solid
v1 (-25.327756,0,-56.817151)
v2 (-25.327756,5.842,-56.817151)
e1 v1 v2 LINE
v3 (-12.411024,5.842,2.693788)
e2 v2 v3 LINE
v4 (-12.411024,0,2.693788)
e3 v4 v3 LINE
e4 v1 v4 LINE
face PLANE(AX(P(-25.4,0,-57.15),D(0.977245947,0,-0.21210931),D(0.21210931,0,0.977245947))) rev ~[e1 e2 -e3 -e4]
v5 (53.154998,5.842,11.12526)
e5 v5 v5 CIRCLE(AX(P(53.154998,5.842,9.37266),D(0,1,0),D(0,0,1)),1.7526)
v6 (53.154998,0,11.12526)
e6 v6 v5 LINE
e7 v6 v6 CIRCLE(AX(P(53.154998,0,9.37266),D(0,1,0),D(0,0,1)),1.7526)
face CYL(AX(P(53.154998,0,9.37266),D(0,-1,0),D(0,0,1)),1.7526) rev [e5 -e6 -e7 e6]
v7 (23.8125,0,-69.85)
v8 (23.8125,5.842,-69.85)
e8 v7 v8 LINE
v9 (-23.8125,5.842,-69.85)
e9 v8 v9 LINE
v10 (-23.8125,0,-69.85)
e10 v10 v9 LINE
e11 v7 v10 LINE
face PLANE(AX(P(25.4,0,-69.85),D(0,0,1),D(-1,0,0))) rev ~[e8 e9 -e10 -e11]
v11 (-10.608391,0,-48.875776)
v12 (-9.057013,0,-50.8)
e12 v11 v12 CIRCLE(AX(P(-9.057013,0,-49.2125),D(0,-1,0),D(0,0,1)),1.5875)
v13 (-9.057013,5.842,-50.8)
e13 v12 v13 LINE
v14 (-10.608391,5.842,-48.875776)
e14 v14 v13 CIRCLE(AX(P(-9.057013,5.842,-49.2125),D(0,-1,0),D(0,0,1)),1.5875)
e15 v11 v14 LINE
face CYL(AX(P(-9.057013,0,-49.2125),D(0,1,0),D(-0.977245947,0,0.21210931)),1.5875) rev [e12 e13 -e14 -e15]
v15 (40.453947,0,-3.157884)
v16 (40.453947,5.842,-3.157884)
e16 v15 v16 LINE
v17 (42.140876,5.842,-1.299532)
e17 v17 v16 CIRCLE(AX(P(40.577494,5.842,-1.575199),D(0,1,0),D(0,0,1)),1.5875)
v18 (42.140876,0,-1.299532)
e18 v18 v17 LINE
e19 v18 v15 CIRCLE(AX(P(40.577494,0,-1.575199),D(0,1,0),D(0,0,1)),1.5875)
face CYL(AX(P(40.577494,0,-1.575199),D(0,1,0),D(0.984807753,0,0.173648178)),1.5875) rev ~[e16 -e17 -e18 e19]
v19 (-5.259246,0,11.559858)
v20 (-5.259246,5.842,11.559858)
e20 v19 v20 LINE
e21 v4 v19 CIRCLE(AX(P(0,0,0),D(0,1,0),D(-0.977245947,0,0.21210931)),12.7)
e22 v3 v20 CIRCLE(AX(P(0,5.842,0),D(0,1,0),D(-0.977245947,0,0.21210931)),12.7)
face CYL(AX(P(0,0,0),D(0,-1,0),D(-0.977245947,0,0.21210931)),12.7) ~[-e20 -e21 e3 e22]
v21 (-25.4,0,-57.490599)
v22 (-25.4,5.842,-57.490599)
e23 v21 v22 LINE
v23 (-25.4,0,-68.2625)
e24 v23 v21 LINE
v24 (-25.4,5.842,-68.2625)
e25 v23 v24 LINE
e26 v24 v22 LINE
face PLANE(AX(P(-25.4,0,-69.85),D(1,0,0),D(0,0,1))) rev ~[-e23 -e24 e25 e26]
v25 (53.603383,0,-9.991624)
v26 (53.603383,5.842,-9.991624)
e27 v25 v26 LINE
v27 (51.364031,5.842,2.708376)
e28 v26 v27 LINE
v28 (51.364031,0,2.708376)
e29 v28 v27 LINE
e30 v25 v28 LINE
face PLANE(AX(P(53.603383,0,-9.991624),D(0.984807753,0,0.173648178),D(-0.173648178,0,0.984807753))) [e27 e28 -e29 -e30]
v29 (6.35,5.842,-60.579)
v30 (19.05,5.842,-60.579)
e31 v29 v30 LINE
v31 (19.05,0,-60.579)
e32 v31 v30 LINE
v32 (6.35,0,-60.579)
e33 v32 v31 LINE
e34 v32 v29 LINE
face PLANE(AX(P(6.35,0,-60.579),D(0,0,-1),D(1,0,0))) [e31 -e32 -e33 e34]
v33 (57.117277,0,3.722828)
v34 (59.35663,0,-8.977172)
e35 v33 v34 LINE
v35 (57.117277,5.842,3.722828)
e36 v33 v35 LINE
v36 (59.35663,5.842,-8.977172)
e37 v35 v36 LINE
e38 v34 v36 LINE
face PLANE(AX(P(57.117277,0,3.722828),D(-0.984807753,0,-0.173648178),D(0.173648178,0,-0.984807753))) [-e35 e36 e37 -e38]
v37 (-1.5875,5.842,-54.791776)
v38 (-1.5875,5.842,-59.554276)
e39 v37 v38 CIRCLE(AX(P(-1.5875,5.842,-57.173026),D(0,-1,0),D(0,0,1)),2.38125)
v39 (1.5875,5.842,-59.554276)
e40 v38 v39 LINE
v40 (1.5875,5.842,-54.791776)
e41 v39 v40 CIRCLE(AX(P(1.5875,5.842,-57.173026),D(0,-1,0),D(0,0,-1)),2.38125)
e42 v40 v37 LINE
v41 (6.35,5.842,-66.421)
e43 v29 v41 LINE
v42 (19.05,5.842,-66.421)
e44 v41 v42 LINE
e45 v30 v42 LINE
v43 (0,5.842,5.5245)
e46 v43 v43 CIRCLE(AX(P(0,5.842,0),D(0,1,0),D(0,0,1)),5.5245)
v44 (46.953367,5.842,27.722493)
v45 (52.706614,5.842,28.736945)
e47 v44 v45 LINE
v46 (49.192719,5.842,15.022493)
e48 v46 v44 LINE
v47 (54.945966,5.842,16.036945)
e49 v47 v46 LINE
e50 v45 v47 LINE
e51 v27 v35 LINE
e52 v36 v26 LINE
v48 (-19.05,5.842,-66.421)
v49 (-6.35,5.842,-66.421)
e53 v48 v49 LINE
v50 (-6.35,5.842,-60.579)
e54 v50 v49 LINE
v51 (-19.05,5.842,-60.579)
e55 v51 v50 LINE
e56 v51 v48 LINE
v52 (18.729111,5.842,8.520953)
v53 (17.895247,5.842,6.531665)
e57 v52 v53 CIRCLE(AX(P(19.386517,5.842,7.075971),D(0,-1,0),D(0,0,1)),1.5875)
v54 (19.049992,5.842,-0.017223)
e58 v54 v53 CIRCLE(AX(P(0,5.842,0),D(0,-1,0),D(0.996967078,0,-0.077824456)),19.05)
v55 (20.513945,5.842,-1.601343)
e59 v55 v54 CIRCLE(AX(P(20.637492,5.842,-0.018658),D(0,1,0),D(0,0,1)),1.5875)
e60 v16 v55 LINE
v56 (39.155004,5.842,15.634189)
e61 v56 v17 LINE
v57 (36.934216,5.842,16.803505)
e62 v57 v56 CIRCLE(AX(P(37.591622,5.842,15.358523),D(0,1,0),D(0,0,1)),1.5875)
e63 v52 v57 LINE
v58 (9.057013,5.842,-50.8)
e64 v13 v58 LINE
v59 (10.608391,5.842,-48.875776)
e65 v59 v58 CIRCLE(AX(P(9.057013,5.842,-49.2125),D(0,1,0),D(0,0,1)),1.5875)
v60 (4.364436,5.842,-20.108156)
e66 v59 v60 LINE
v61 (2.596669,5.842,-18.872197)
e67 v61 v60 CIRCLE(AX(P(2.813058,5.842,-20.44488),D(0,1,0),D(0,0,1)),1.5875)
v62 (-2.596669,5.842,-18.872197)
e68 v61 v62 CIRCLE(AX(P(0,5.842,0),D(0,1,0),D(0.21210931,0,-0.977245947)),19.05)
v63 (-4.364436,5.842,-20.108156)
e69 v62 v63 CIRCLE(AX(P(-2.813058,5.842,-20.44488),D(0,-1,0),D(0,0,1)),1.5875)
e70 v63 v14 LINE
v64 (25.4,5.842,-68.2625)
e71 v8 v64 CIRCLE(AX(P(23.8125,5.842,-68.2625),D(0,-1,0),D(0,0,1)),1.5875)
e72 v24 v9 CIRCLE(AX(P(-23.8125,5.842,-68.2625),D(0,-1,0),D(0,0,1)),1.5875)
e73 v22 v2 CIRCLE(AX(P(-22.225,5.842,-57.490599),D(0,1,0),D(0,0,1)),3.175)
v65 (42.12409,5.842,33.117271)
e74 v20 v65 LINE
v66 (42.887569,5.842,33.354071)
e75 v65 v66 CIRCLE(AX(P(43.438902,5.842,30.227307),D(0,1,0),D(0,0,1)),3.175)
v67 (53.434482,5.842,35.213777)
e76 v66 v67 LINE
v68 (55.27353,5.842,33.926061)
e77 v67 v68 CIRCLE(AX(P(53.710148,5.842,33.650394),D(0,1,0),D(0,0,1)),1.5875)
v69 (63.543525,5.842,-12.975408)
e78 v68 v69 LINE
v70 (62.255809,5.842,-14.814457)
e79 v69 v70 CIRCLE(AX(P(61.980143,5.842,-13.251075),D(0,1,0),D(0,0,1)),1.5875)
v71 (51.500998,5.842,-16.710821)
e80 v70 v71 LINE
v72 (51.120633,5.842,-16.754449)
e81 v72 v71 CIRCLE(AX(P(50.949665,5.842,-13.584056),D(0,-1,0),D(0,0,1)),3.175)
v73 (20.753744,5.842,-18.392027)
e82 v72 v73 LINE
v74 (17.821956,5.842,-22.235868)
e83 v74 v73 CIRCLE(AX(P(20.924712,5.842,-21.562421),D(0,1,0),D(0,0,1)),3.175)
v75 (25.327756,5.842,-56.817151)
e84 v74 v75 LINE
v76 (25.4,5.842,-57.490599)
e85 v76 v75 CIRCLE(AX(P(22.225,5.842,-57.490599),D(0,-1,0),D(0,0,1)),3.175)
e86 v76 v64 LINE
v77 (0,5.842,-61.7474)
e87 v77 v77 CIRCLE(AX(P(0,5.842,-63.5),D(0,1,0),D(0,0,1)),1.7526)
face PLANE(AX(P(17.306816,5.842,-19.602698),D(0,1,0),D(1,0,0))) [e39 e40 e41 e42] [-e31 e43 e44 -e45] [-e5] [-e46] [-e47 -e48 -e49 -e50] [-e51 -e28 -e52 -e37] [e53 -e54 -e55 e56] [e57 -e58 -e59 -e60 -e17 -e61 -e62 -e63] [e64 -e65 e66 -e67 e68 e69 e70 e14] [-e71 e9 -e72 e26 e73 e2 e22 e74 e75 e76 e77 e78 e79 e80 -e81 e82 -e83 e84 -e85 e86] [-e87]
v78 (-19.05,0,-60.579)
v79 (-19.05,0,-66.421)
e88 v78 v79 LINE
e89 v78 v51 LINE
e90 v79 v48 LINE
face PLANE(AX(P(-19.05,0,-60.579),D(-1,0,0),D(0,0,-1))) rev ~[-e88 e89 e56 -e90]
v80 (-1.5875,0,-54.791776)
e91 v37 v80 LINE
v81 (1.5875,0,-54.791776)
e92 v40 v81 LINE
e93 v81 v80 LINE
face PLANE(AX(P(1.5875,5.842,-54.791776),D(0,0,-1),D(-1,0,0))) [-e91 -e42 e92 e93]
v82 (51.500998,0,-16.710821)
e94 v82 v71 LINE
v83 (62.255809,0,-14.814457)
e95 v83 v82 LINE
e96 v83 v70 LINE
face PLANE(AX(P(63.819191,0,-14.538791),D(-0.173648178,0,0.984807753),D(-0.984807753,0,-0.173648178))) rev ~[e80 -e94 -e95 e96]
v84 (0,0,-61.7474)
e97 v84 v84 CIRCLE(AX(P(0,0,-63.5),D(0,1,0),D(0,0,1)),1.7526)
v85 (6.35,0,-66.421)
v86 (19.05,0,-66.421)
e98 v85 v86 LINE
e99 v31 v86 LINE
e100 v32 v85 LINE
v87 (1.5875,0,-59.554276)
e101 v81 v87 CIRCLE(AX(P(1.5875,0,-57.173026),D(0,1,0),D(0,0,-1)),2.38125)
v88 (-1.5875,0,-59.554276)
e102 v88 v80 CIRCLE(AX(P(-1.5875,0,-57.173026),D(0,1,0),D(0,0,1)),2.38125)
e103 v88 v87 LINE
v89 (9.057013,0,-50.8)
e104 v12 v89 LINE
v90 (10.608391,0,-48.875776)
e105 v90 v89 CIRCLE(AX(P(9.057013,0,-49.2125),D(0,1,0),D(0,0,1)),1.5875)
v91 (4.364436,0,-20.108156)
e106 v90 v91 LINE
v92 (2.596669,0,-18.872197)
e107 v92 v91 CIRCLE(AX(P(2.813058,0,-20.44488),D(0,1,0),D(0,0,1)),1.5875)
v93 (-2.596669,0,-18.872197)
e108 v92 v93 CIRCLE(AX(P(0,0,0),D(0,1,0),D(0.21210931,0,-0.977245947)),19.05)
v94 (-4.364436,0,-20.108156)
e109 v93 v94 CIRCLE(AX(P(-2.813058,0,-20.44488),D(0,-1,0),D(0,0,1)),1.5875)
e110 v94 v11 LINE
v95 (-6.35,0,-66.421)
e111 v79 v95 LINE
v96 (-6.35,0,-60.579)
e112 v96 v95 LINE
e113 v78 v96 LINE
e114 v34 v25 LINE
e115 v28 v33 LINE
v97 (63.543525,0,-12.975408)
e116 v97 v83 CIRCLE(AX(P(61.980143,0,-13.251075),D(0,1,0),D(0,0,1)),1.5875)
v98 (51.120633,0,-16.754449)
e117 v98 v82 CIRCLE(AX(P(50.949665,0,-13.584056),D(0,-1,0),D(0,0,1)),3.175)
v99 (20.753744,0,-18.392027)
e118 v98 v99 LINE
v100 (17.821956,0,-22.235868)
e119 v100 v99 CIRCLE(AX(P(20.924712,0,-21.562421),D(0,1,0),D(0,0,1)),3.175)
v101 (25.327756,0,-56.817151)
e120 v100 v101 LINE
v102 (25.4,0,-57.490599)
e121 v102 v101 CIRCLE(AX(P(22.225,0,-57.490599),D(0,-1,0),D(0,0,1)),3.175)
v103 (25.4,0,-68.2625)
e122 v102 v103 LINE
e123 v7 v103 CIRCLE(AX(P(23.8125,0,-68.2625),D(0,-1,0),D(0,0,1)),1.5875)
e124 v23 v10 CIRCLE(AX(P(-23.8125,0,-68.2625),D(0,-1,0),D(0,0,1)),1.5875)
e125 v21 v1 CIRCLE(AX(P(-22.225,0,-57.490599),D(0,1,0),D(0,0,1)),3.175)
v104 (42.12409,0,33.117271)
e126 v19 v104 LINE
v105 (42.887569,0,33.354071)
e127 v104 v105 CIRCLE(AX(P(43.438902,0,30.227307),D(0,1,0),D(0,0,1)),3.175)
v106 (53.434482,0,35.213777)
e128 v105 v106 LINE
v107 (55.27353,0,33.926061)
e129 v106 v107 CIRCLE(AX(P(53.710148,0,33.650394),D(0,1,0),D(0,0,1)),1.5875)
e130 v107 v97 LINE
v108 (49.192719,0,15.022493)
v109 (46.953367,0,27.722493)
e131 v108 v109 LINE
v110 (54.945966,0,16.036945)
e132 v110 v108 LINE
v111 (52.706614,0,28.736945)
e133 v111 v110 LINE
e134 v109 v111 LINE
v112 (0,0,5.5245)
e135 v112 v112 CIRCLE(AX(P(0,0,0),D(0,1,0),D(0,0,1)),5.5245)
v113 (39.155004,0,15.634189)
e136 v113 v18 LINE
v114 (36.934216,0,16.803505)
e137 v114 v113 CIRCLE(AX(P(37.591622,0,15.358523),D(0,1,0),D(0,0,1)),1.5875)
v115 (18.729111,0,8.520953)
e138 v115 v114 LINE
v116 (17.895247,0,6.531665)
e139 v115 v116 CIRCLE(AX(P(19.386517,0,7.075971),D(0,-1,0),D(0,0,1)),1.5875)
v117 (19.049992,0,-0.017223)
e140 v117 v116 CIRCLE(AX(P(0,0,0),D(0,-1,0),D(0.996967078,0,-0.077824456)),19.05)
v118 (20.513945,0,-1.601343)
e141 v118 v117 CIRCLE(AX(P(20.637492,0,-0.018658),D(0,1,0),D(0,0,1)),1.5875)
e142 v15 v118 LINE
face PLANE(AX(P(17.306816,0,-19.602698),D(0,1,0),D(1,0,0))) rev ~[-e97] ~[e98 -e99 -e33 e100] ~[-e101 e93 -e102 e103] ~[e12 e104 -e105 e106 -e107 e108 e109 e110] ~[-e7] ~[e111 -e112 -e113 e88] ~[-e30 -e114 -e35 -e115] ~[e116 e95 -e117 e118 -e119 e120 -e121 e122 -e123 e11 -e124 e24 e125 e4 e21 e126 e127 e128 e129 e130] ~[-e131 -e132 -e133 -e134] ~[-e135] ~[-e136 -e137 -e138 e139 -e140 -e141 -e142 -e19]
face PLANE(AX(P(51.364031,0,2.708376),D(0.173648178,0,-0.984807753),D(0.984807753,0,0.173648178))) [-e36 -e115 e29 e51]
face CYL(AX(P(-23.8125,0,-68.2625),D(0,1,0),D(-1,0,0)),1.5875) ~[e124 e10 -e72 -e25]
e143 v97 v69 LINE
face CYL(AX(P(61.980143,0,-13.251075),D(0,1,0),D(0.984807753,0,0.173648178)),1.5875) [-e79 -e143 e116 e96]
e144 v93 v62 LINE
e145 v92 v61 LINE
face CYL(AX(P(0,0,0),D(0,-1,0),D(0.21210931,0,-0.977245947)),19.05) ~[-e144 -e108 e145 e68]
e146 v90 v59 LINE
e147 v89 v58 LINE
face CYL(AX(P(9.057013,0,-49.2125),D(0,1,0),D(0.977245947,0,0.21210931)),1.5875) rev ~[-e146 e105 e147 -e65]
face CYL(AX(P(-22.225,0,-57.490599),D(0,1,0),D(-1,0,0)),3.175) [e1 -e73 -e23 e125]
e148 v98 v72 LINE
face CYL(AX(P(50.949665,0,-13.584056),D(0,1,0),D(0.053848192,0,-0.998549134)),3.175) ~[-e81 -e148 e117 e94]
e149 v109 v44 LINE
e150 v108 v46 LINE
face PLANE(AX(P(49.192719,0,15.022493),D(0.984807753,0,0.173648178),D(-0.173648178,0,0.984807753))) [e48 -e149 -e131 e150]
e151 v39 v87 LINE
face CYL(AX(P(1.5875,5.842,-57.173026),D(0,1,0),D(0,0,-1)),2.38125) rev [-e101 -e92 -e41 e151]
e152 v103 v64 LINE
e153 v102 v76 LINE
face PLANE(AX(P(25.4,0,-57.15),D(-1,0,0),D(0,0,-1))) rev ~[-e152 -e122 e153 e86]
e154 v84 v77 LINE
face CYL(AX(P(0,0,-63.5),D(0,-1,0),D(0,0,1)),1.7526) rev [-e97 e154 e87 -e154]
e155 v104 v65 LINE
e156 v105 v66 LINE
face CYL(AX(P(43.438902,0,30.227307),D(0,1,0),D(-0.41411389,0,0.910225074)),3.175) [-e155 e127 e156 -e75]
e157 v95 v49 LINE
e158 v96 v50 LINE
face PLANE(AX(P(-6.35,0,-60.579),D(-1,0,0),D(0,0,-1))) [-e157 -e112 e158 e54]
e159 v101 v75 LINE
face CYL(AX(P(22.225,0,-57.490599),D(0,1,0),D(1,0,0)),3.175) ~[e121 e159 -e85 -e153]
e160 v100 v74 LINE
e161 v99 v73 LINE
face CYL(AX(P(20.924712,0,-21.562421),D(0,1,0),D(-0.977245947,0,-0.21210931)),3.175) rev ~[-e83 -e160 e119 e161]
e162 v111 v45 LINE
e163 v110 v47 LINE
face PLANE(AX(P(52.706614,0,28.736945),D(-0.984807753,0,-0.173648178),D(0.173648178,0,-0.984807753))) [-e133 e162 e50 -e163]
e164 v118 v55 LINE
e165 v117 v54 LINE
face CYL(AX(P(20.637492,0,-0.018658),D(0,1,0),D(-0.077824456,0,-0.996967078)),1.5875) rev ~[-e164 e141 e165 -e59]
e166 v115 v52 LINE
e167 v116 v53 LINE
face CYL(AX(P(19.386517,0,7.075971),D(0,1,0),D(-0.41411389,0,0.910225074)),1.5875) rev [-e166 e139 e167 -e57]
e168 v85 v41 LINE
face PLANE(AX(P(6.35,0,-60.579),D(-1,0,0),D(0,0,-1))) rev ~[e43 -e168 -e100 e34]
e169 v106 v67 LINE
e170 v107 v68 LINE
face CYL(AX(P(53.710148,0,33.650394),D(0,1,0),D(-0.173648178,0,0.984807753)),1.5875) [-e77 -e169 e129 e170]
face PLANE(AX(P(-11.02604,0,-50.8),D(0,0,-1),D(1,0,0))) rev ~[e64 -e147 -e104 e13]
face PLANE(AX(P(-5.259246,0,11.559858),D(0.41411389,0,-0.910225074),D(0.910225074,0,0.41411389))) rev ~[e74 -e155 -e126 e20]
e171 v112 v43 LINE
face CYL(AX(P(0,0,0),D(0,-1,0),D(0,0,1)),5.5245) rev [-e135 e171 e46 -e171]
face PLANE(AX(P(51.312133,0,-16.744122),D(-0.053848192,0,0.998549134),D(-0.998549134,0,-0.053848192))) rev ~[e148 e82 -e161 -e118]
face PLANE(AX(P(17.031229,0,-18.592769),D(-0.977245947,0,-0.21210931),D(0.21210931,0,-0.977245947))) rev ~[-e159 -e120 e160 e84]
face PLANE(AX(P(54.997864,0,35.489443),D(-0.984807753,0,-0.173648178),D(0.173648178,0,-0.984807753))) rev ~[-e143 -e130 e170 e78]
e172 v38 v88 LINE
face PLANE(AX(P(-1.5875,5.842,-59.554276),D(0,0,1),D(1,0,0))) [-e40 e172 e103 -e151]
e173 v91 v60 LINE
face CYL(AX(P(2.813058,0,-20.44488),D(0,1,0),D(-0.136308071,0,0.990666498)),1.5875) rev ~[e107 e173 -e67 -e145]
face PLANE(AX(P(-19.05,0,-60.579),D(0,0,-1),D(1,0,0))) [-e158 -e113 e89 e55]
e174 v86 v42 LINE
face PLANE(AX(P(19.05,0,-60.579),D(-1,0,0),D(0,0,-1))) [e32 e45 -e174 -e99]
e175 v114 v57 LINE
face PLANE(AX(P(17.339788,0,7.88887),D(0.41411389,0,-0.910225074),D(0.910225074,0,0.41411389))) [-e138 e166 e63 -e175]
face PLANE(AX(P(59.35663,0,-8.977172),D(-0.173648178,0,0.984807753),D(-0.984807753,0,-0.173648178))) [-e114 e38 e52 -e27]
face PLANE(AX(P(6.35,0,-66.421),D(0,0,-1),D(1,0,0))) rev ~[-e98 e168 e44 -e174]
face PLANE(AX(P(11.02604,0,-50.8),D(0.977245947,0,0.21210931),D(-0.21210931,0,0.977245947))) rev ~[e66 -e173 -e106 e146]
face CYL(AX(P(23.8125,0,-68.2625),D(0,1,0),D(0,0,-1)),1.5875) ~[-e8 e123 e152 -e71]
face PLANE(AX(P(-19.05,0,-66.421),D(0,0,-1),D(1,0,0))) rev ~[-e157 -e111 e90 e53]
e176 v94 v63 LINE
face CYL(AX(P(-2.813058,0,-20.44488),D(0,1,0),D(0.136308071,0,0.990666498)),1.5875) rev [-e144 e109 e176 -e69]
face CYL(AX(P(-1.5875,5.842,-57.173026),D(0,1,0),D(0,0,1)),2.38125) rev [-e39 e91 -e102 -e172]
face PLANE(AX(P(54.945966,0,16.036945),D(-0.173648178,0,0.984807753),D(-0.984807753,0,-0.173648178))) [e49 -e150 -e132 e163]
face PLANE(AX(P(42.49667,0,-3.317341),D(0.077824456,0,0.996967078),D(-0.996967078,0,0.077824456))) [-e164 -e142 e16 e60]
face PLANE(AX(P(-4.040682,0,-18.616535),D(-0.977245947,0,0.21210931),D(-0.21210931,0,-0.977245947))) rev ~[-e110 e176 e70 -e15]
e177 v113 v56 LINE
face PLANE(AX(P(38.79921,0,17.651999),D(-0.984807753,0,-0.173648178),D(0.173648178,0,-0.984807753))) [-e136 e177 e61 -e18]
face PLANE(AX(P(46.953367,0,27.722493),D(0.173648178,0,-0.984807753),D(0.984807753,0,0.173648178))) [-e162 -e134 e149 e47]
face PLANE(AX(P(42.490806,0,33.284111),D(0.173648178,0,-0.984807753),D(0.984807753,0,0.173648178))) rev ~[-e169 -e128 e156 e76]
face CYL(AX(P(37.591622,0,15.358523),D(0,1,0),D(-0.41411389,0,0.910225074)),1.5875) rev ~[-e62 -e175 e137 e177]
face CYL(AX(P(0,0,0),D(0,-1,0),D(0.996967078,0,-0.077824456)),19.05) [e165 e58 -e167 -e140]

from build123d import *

# Parameters (mm, degrees)
SKETCH1_R           = 5.5245
SKETCH1_R_2         = 1.7526
SKETCH1_W           = 12.7
SKETCH1_H           = 5.842
BOSS_EXTRUDE1_DEPTH = 5.842
FILLET1_R           = 1.5875
FILLET2_R           = 1.5875
FILLET3_R           = 3.175
CUT_EXTRUDE3_DEPTH  = 95.62556025


with BuildPart() as part:
    # Sketch1 → Boss-Extrude1 (new body)
    with BuildSketch(Plane(origin=(0, 0, 0), x_dir=(1, 0, 0), z_dir=(0, 1, 0))):
        with BuildLine():
            Line((-25.4, 57.15), (-12.411023526, -2.693788234))
            ThreePointArc((-12.411023526, -2.693788234), (-9.884908198, -7.97361837), (-5.259246403, -11.559858445))
            Line((-5.259246403, -11.559858445), (42.490805524, -33.284111388))
            Line((42.490805524, -33.284111388), (54.997863988, -35.489443244))
            Line((54.997863988, -35.489443244), (63.819191413, 14.538790609))
            Line((63.819191413, 14.538790609), (51.31213295, 16.744122465))
            Line((51.31213295, 16.744122465), (17.03122895, 18.5927693))
            Line((17.03122895, 18.5927693), (25.4, 57.15))
            Line((25.4, 57.15), (25.4, 69.85))
            Line((25.4, 69.85), (-25.4, 69.85))
            Line((-25.4, 69.85), (-25.4, 57.15))
        make_face()
        with Locations(Location((0, 0, 0), (0, 0, 270))):
            Circle(SKETCH1_R, mode=Mode.SUBTRACT)
        with Locations(Location((0, 63.5, 0), (0, 0, 270))):
            Circle(SKETCH1_R_2, mode=Mode.SUBTRACT)
        with Locations(Location((53.154998469, -9.37266039, 0), (0, 0, 270))):
            Circle(SKETCH1_R_2, mode=Mode.SUBTRACT)
        with Locations((-12.7, 63.5)):
            Rectangle(SKETCH1_W, SKETCH1_H, mode=Mode.SUBTRACT)
        with Locations((12.7, 63.5)):
            Rectangle(SKETCH1_W, SKETCH1_H, mode=Mode.SUBTRACT)
        Polygon((53.603383206, 9.991624401), (51.364030551, -2.708375599), (57.117277444, -3.722828253), (59.356630099, 8.977171747), align=None, mode=Mode.SUBTRACT)
        Polygon((52.706613732, -28.73694518), (54.945966387, -16.03694518), (49.192719493, -15.022492526), (46.953366838, -27.722492526), align=None, mode=Mode.SUBTRACT)
        with BuildLine():
            Line((-4.04068235, 18.616535288), (-11.026040035, 50.8))
            Line((-11.026040035, 50.8), (11.026040035, 50.8))
            Line((11.026040035, 50.8), (4.04068235, 18.616535288))
            ThreePointArc((4.04068235, 18.616535288), (0, 19.05), (-4.04068235, 18.616535288))
        make_face(mode=Mode.SUBTRACT)
        with BuildLine():
            Line((17.339787668, -7.888869605), (38.799209797, -17.651998555))
            Line((38.799209797, -17.651998555), (42.496670214, 3.317341488))
            Line((42.496670214, 3.317341488), (18.99222283, 1.48255589))
            ThreePointArc((18.99222283, 1.48255589), (18.760587695, -3.307997785), (17.339787668, -7.888869605))
        make_face(mode=Mode.SUBTRACT)
    extrude(amount=BOSS_EXTRUDE1_DEPTH)

    # Fillet1
    fillet1_edges = [part.edges().sort_by_distance(p)[0] for p in [
        (18.99222283, 2.921, -1.48255589),
        (17.339787668, 2.921, 7.888869605),
        (38.799209797, 2.921, 17.651998555),
        (42.496670214, 2.921, -3.317341488),
        (-4.04068235, 2.921, -18.616535288),
        (4.04068235, 2.921, -18.616535288),
        (11.026040035, 2.921, -50.8),
        (-11.026040035, 2.921, -50.8),
    ]]
    fillet(fillet1_edges, radius=FILLET1_R)

    # Fillet2
    fillet2_edges = [part.edges().sort_by_distance(p)[0] for p in [
        (-25.4, 2.921, -69.85),
        (25.4, 2.921, -69.85),
        (63.819191413, 2.921, -14.538790609),
        (54.997863988, 2.921, 35.489443244),
    ]]
    fillet(fillet2_edges, radius=FILLET2_R)

    # Fillet3
    fillet3_edges = [part.edges().sort_by_distance(p)[0] for p in [
        (25.4, 2.921, -57.15),
        (17.03122895, 2.921, -18.5927693),
        (51.31213295, 2.921, -16.744122465),
        (42.490805524, 2.921, 33.284111388),
        (-25.4, 2.921, -57.15),
    ]]
    fillet(fillet3_edges, radius=FILLET3_R)

    # Sketch2 → Cut-Extrude3 (cut, through all)
    with BuildSketch(Plane(origin=(0, 5.842, 0), x_dir=(1, 0, 0), z_dir=(0, 1, 0))):
        with BuildLine():
            Line((1.5875, 54.791775853), (-1.5875, 54.791775853))
            ThreePointArc((-1.5875, 54.791775853), (-3.96875, 57.173025853), (-1.5875, 59.554275853))
            Line((-1.5875, 59.554275853), (1.5875, 59.554275853))
            ThreePointArc((1.5875, 59.554275853), (3.96875, 57.173025853), (1.5875, 54.791775853))
        make_face()
    extrude(amount=-CUT_EXTRUDE3_DEPTH, mode=Mode.SUBTRACT)


solid = part.part
